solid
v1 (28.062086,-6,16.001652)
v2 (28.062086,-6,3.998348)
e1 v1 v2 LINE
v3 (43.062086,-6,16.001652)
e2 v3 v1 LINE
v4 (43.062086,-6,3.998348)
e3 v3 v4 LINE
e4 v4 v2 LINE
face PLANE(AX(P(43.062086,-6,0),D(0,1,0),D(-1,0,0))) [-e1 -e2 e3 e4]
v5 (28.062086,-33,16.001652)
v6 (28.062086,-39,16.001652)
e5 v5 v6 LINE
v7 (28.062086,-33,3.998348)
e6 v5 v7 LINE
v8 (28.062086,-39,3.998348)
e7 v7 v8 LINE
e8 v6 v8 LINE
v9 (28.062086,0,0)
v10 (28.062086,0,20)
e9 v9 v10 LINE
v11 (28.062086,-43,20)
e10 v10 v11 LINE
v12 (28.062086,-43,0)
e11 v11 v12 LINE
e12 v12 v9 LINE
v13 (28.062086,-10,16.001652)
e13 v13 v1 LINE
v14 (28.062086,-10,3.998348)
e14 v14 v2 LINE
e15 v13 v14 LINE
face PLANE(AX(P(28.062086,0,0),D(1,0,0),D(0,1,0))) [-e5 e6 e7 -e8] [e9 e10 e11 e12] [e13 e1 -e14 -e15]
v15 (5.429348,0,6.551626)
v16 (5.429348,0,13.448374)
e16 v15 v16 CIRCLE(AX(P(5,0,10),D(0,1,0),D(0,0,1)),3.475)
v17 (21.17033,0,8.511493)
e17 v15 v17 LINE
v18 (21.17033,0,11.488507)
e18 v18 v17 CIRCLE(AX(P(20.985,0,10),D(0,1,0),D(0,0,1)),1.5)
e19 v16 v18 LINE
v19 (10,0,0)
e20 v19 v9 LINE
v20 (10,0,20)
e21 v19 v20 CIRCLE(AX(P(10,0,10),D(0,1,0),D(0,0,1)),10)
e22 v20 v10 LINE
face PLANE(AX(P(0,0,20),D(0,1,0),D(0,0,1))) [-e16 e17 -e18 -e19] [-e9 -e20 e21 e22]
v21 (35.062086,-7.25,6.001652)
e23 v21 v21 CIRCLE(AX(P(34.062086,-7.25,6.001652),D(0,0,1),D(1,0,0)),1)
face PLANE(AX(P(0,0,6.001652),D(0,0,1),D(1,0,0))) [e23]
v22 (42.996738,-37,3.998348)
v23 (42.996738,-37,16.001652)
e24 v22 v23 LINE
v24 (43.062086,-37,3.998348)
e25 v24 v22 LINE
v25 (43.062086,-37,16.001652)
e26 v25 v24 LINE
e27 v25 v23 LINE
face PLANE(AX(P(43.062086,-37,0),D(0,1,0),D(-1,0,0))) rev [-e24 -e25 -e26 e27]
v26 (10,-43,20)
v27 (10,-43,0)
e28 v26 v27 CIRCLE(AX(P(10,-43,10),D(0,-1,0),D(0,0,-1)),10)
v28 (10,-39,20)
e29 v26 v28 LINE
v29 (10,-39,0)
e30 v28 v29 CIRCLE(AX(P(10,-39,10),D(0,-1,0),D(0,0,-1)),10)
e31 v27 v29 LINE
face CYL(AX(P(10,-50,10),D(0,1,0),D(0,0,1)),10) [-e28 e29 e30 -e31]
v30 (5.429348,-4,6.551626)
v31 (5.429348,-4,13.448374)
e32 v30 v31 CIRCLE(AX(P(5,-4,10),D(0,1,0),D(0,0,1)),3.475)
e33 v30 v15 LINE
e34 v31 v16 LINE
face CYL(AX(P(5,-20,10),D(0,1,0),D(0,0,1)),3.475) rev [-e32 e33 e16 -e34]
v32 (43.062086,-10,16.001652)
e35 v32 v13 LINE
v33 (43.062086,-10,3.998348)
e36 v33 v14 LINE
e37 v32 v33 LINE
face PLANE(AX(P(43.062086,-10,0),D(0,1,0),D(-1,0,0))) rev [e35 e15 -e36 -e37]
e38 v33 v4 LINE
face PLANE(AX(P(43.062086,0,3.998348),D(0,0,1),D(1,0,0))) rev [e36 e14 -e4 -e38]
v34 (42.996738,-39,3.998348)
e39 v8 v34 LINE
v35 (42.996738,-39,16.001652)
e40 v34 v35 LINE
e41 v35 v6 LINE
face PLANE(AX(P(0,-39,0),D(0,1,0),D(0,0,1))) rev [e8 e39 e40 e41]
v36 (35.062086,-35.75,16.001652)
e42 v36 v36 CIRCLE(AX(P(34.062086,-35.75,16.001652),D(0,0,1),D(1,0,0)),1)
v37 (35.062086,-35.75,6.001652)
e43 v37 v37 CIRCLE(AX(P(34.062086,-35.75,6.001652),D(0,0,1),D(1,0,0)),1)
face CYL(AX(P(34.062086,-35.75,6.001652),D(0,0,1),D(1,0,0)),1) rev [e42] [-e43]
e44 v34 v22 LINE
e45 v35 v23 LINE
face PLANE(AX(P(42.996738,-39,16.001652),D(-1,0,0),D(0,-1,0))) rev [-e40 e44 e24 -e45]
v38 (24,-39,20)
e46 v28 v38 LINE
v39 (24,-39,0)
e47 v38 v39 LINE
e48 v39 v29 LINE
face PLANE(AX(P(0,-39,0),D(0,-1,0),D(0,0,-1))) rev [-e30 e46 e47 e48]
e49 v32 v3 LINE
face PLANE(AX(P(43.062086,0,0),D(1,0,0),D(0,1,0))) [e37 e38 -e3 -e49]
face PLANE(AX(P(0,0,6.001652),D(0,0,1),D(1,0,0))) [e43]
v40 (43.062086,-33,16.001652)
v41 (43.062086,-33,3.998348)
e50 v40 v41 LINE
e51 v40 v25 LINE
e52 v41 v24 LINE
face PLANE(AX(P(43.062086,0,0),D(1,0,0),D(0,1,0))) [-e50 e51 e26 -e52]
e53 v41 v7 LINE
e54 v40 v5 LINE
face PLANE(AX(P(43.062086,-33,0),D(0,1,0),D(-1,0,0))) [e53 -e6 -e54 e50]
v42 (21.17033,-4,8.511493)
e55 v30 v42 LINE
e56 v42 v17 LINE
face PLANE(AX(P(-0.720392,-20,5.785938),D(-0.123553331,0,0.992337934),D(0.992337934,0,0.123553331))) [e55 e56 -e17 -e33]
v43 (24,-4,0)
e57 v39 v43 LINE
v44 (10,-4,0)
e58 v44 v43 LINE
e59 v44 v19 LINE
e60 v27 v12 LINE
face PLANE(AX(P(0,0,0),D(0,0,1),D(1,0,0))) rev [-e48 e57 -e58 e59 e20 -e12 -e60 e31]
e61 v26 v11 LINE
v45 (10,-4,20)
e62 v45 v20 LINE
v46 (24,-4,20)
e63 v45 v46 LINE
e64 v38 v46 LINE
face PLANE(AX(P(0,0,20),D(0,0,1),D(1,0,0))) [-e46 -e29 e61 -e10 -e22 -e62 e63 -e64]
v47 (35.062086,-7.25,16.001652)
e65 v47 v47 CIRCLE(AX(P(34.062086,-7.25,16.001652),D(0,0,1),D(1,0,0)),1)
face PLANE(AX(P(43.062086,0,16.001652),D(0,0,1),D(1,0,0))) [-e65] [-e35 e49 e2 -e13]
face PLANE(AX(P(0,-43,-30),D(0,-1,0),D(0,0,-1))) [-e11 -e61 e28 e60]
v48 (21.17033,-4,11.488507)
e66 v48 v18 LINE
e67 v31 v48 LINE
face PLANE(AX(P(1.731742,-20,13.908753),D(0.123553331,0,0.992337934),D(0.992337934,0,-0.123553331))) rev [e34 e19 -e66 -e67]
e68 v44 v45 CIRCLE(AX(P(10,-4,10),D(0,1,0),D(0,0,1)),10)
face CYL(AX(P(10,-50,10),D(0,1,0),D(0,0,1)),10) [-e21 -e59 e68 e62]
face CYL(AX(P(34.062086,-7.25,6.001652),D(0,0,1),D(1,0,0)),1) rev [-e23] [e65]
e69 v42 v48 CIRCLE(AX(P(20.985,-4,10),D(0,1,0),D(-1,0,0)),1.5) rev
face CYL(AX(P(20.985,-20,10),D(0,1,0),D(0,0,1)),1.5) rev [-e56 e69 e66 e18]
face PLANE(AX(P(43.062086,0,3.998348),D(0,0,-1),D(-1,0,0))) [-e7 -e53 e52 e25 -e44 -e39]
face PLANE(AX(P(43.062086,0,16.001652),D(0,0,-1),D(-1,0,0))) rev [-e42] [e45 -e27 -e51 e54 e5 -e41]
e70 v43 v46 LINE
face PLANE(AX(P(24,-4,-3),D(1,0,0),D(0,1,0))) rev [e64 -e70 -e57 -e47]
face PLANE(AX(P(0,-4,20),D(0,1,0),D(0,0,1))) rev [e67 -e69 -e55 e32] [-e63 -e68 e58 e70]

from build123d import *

# Parameters (mm, degrees)
EXTRUDE_1_DEPTH     = 20
CUT_EXTRUDE_2_DEPTH = 20
SKETCH_6_W          = 20
SKETCH_6_H          = 46
EXTRUDE_2_DEPTH     = 3
SKETCH_7_W          = 4
SKETCH_7_H          = 38
CUT_EXTRUDE_4_DEPTH = 23
SKETCH_8_W          = 27.047351985
SKETCH_8_H          = 20
EXTRUDE_3_DEPTH     = 3
SKETCH_9_W          = 28.062086438
SKETCH_9_H          = 3
CUT_EXTRUDE_5_DEPTH = 50
CUT_EXTRUDE_6_DEPTH = 50
SKETCH_11_W         = 6.001651559
SKETCH_11_H         = 4
EXTRUDE_4_DEPTH     = 15
SKETCH_16_W         = 14.934651965
SKETCH_16_H         = 12.003303118
EXTRUDE_5_DEPTH     = 2
SKETCH_21_R         = 1
CUT_EXTRUDE_8_DEPTH = 10


with BuildPart() as part:
    # 草图1 → 凸台-拉伸1 (new body)
    with BuildSketch(Plane.XY):
        Polygon((25.062086438, -46), (25.062086438, 0), (0, 0), (0, -4), (20, -4), (20, -42), (0, -42), (0, -46), align=None)
    extrude(amount=EXTRUDE_1_DEPTH)

    # 草图3 → 切除-拉伸2 (cut)
    with BuildSketch(Plane(origin=(0, 0, 0), x_dir=(1, 0, 0), z_dir=(0, 1, 0))):
        with BuildLine():
            Line((5.429347826, -13.448374319), (21.170329997, -11.4885069))
            ThreePointArc((21.170329997, -11.4885069), (22.485, -10), (21.170329997, -8.5114931))
            Line((21.170329997, -8.5114931), (5.429347826, -6.551625681))
            ThreePointArc((5.429347826, -6.551625681), (1.525, -10), (5.429347826, -13.448374319))
        make_face()
    extrude(amount=-CUT_EXTRUDE_2_DEPTH, mode=Mode.SUBTRACT)

    # 草图6 → 凸台-拉伸2 (add)
    with BuildSketch(Plane(origin=(25.062086438, 0, 0), x_dir=(0, 0, -1), z_dir=(1, 0, 0))):
        with Locations((-10, -23)):
            Rectangle(SKETCH_6_W, SKETCH_6_H)
    extrude(amount=EXTRUDE_2_DEPTH)

    # 草图7 → 切除-拉伸4 (cut)
    with BuildSketch(Plane.XY.offset(20)):
        with Locations((22, -23)):
            Rectangle(SKETCH_7_W, SKETCH_7_H)
    extrude(amount=-CUT_EXTRUDE_4_DEPTH, mode=Mode.SUBTRACT)

    # 草图8 → 凸台-拉伸3 (add)
    with BuildSketch(Plane(origin=(0, -42, 0), x_dir=(1, 0, 0), z_dir=(0, 1, 0))):
        with Locations((13.523675993, -10)):
            Rectangle(SKETCH_8_W, SKETCH_8_H)
    extrude(amount=EXTRUDE_3_DEPTH)

    # 草图9 → 切除-拉伸5 (cut)
    with BuildSketch(Plane.XY.offset(20)):
        with Locations((14.031043219, -44.5)):
            Rectangle(SKETCH_9_W, SKETCH_9_H)
    extrude(amount=-CUT_EXTRUDE_5_DEPTH, mode=Mode.SUBTRACT)

    # 草图10 → 切除-拉伸6 (cut)
    with BuildSketch(Plane(origin=(0, 0, 0), x_dir=(1, 0, 0), z_dir=(0, 1, 0))):
        with BuildLine():
            Line((10, 0), (0, 0))
            Line((0, 0), (0, -10))
            ThreePointArc((0, -10), (2.928932188, -2.928932188), (10, 0))
        make_face()
        with BuildLine():
            ThreePointArc((10, -20), (2.928932188, -17.071067812), (0, -10))
            Line((0, -10), (0, -20))
            Line((0, -20), (10, -20))
        make_face()
    extrude(amount=-CUT_EXTRUDE_6_DEPTH, mode=Mode.SUBTRACT)

    # 草图11 → 凸台-拉伸4 (add)
    with BuildSketch(Plane(origin=(28.062086438, 0, 0), x_dir=(0, 0, -1), z_dir=(1, 0, 0))):
        with Locations((-13.00082578, -8)):
            Rectangle(SKETCH_11_W, SKETCH_11_H)
        with Locations((-6.999174221, -8)):
            Rectangle(SKETCH_11_W, SKETCH_11_H)
        with Locations((-6.999174221, -35)):
            Rectangle(SKETCH_11_W, SKETCH_11_H)
        with Locations((-13.00082578, -35)):
            Rectangle(SKETCH_11_W, SKETCH_11_H)
    extrude(amount=EXTRUDE_4_DEPTH)

    # 草图16 → 凸台-拉伸5 (add)
    with BuildSketch(Plane.XZ.offset(37)):
        with Locations((35.529412421, 10)):
            Rectangle(SKETCH_16_W, SKETCH_16_H)
    extrude(amount=EXTRUDE_5_DEPTH)

    # 草图21 → 切除-拉伸8 (cut)
    with BuildSketch(Plane.XY.offset(16.001651559)):
        with Locations((34.062086438, -7.25)):
            Circle(SKETCH_21_R)
        with Locations((34.062086438, -35.75)):
            Circle(SKETCH_21_R)
    extrude(amount=-CUT_EXTRUDE_8_DEPTH, mode=Mode.SUBTRACT)


solid = part.part
